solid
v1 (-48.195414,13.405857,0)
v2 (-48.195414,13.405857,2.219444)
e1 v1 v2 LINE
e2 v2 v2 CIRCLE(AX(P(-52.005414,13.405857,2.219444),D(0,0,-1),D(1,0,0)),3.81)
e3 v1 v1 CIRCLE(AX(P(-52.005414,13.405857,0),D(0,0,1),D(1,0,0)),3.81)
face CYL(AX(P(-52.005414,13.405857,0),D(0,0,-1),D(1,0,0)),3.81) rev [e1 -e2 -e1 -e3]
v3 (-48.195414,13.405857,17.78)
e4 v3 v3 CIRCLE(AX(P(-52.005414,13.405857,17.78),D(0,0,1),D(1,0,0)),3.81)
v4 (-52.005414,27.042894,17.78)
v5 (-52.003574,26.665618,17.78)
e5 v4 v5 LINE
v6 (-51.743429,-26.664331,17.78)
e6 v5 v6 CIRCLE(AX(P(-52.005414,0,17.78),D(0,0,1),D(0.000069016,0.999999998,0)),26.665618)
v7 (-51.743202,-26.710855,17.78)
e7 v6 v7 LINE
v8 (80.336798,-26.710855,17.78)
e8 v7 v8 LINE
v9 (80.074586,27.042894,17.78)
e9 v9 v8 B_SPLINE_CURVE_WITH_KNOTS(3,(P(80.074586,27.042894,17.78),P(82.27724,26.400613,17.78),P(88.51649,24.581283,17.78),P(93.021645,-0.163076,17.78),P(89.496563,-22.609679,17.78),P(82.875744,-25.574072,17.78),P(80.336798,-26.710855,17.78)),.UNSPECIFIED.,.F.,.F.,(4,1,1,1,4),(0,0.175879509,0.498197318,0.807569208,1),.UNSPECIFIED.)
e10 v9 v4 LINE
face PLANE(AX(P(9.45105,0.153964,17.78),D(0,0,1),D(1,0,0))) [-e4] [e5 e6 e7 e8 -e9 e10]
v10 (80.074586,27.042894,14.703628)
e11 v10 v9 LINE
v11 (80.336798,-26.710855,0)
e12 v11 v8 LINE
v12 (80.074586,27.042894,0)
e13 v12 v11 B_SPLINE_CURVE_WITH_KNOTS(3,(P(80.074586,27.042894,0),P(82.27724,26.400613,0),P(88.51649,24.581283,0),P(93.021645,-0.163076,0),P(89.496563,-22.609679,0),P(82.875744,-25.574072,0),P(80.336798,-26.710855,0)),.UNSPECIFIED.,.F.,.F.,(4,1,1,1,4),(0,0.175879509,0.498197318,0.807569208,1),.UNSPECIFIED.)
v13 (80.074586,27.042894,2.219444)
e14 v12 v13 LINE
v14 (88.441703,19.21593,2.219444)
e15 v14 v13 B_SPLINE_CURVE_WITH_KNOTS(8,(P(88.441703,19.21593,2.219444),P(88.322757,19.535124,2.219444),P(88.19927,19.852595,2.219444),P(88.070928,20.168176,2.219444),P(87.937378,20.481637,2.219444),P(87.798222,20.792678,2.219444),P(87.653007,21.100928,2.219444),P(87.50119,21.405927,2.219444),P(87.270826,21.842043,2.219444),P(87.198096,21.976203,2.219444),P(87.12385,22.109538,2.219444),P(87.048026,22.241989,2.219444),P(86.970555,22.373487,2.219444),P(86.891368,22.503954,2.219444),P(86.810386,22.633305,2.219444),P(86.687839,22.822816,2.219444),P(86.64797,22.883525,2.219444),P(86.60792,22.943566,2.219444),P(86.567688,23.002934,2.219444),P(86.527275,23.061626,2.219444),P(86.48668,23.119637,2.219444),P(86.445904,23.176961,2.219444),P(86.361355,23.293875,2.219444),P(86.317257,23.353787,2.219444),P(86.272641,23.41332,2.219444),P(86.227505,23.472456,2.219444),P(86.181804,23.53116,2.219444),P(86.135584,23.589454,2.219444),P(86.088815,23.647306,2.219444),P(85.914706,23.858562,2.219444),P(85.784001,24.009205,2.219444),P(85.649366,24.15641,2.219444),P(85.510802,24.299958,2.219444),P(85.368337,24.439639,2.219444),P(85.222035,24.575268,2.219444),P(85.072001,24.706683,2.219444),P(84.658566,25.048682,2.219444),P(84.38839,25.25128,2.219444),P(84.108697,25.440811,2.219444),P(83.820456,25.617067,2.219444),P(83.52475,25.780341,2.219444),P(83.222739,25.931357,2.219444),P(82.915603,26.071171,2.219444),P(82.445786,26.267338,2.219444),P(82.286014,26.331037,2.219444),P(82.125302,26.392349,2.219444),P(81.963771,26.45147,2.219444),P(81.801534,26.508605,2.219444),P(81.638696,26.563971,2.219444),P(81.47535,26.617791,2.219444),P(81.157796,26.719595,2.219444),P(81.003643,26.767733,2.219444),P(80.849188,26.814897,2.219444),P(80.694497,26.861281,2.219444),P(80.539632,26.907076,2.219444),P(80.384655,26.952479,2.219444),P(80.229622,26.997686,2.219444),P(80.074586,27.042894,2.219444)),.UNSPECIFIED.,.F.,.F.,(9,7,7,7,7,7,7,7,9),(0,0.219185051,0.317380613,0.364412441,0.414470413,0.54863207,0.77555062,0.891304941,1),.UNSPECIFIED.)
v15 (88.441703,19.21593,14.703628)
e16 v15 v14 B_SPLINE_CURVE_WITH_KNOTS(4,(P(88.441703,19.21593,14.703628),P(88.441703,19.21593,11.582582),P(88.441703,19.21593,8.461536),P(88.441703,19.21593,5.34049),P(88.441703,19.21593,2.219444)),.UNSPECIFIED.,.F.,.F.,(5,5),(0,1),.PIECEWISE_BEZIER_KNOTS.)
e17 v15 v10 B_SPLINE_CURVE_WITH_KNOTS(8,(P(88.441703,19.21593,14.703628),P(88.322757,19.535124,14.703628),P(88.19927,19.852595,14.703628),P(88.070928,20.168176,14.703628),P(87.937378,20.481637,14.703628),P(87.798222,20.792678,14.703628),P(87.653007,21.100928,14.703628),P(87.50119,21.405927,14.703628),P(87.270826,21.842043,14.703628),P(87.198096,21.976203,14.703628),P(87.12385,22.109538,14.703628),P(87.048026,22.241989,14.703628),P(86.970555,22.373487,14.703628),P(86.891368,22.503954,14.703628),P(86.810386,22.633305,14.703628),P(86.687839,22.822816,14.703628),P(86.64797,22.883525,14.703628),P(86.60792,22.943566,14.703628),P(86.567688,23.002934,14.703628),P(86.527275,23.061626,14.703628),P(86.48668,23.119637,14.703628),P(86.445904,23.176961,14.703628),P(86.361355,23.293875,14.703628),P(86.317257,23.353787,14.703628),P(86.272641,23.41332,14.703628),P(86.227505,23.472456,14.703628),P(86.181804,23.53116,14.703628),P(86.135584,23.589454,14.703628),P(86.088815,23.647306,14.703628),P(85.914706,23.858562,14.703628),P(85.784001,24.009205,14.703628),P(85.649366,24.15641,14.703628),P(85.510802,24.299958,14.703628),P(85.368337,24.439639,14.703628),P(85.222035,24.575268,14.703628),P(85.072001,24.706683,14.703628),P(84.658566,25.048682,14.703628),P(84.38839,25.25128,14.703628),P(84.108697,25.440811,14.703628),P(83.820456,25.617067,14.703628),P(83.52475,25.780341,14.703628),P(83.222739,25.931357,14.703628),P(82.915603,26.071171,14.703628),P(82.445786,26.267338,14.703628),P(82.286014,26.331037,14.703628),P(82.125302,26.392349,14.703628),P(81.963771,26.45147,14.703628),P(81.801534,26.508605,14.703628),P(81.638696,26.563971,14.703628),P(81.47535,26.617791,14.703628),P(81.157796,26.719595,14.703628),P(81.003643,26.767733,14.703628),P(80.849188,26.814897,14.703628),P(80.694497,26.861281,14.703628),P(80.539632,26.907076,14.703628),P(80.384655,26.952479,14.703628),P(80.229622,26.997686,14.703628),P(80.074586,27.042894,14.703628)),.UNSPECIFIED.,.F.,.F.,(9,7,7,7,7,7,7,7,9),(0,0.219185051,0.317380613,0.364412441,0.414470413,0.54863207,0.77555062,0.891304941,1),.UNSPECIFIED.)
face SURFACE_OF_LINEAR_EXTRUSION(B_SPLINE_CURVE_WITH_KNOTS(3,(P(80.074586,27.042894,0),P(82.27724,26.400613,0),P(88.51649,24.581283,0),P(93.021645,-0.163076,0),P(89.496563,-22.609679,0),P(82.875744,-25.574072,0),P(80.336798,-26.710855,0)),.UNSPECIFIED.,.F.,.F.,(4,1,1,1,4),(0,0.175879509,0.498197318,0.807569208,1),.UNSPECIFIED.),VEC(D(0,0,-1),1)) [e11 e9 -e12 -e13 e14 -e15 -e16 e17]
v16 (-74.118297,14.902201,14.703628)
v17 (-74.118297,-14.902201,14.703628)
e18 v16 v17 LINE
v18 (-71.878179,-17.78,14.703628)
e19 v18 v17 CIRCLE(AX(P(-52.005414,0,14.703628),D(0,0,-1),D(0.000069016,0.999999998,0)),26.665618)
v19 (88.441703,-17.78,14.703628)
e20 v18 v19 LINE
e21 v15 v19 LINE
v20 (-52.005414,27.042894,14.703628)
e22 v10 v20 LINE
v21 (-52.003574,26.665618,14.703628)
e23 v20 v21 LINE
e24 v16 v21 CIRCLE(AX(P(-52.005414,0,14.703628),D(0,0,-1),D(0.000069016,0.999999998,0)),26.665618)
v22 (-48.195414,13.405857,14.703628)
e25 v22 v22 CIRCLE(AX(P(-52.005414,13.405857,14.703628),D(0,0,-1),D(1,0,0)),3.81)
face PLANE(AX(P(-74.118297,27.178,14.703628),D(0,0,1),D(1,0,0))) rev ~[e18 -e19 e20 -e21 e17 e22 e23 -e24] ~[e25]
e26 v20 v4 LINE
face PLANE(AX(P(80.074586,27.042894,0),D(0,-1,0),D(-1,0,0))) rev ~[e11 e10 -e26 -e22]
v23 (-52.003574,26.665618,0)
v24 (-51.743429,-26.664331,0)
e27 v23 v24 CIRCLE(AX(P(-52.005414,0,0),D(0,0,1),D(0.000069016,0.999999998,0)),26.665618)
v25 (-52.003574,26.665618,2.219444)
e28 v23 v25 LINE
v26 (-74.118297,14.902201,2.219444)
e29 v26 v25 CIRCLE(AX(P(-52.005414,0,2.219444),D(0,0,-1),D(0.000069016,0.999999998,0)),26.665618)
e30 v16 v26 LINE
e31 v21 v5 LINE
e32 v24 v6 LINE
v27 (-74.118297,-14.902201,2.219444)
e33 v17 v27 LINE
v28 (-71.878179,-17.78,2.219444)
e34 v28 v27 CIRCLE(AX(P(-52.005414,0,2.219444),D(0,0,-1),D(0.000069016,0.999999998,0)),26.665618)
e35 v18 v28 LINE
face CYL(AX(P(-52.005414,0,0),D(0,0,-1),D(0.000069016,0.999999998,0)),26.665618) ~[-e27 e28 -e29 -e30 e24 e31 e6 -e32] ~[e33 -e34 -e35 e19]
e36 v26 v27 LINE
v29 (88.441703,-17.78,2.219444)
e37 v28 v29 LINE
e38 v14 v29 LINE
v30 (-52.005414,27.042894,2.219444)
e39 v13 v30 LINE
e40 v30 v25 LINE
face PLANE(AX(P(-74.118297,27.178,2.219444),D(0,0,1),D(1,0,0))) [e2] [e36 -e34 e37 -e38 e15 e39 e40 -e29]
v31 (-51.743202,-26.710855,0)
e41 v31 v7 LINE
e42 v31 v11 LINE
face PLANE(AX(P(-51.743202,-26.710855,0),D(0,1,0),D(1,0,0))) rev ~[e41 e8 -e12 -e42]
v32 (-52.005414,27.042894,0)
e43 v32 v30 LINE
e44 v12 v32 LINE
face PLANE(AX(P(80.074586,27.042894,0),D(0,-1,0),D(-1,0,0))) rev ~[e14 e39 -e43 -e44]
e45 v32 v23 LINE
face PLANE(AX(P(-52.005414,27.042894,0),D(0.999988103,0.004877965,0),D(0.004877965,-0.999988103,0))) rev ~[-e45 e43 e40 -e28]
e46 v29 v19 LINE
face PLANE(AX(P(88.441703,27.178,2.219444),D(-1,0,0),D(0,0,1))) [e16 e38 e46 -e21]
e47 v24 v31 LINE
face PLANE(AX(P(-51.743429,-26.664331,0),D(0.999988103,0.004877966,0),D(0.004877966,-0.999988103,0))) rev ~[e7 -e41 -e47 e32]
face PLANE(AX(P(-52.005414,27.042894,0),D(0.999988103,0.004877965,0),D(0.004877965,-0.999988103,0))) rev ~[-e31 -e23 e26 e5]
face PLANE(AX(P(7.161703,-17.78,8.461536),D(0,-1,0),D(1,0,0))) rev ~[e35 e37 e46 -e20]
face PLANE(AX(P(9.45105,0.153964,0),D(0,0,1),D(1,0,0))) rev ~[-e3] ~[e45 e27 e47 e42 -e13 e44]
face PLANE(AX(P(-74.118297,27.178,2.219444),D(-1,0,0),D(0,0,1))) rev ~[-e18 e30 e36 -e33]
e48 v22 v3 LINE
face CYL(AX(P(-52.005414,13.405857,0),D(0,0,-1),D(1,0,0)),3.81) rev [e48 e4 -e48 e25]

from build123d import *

# Parameters (mm, degrees)
F0_R     = 3.81
F1_DEPTH = 17.78
F3_W     = 162.56
F3_H     = 12.484183514
F4_DEPTH = 44.958


with BuildPart() as f1:
    # F0 (on Top) → F1 (new body)
    with BuildSketch(Plane.XY):
        with BuildLine():
            Line((80.0745860803, 27.0428936929), (-52.0054139197, 27.0428936929))
            Line((-52.0054139197, 27.0428936929), (-52.0035735621, 26.6656183776))
            ThreePointArc((-52.0035735621, 26.6656183776), (-78.6707151108, -0.1300739458), (-51.7434288537, -26.6643314312))
            Line((-51.7434288537, -26.6643314312), (-51.7432019114, -26.7108548433))
            Line((-51.7432019114, -26.7108548433), (80.3367980886, -26.7108548433))
            add(Edge.make_bspline(
                [(80.0745860803, 27.0428936929), (82.2772399927, 26.4006125871), (88.5164902576, 24.5812833967), (93.0216453978, -0.1630759679), (89.4965634175, -22.6096790396), (82.8757435014, -25.5740722817), (80.3367980886, -26.7108548433)],
                knots=[0, 0, 0, 0, 0.1758795086, 0.4981973176, 0.8075692082, 1, 1, 1, 1], degree=3))
        make_face()
        with Locations((-52.0054139197, 13.4058566764)):
            Circle(F0_R, mode=Mode.SUBTRACT)
    extrude(amount=F1_DEPTH)

    # F3 (on offset) → F4 (cut)
    with BuildSketch(Plane.XZ.offset(-27.178)):
        with Locations((7.1617029607, 8.4615359083)):
            Rectangle(F3_W, F3_H)
    extrude(amount=F4_DEPTH, mode=Mode.SUBTRACT)


solid = f1.part
